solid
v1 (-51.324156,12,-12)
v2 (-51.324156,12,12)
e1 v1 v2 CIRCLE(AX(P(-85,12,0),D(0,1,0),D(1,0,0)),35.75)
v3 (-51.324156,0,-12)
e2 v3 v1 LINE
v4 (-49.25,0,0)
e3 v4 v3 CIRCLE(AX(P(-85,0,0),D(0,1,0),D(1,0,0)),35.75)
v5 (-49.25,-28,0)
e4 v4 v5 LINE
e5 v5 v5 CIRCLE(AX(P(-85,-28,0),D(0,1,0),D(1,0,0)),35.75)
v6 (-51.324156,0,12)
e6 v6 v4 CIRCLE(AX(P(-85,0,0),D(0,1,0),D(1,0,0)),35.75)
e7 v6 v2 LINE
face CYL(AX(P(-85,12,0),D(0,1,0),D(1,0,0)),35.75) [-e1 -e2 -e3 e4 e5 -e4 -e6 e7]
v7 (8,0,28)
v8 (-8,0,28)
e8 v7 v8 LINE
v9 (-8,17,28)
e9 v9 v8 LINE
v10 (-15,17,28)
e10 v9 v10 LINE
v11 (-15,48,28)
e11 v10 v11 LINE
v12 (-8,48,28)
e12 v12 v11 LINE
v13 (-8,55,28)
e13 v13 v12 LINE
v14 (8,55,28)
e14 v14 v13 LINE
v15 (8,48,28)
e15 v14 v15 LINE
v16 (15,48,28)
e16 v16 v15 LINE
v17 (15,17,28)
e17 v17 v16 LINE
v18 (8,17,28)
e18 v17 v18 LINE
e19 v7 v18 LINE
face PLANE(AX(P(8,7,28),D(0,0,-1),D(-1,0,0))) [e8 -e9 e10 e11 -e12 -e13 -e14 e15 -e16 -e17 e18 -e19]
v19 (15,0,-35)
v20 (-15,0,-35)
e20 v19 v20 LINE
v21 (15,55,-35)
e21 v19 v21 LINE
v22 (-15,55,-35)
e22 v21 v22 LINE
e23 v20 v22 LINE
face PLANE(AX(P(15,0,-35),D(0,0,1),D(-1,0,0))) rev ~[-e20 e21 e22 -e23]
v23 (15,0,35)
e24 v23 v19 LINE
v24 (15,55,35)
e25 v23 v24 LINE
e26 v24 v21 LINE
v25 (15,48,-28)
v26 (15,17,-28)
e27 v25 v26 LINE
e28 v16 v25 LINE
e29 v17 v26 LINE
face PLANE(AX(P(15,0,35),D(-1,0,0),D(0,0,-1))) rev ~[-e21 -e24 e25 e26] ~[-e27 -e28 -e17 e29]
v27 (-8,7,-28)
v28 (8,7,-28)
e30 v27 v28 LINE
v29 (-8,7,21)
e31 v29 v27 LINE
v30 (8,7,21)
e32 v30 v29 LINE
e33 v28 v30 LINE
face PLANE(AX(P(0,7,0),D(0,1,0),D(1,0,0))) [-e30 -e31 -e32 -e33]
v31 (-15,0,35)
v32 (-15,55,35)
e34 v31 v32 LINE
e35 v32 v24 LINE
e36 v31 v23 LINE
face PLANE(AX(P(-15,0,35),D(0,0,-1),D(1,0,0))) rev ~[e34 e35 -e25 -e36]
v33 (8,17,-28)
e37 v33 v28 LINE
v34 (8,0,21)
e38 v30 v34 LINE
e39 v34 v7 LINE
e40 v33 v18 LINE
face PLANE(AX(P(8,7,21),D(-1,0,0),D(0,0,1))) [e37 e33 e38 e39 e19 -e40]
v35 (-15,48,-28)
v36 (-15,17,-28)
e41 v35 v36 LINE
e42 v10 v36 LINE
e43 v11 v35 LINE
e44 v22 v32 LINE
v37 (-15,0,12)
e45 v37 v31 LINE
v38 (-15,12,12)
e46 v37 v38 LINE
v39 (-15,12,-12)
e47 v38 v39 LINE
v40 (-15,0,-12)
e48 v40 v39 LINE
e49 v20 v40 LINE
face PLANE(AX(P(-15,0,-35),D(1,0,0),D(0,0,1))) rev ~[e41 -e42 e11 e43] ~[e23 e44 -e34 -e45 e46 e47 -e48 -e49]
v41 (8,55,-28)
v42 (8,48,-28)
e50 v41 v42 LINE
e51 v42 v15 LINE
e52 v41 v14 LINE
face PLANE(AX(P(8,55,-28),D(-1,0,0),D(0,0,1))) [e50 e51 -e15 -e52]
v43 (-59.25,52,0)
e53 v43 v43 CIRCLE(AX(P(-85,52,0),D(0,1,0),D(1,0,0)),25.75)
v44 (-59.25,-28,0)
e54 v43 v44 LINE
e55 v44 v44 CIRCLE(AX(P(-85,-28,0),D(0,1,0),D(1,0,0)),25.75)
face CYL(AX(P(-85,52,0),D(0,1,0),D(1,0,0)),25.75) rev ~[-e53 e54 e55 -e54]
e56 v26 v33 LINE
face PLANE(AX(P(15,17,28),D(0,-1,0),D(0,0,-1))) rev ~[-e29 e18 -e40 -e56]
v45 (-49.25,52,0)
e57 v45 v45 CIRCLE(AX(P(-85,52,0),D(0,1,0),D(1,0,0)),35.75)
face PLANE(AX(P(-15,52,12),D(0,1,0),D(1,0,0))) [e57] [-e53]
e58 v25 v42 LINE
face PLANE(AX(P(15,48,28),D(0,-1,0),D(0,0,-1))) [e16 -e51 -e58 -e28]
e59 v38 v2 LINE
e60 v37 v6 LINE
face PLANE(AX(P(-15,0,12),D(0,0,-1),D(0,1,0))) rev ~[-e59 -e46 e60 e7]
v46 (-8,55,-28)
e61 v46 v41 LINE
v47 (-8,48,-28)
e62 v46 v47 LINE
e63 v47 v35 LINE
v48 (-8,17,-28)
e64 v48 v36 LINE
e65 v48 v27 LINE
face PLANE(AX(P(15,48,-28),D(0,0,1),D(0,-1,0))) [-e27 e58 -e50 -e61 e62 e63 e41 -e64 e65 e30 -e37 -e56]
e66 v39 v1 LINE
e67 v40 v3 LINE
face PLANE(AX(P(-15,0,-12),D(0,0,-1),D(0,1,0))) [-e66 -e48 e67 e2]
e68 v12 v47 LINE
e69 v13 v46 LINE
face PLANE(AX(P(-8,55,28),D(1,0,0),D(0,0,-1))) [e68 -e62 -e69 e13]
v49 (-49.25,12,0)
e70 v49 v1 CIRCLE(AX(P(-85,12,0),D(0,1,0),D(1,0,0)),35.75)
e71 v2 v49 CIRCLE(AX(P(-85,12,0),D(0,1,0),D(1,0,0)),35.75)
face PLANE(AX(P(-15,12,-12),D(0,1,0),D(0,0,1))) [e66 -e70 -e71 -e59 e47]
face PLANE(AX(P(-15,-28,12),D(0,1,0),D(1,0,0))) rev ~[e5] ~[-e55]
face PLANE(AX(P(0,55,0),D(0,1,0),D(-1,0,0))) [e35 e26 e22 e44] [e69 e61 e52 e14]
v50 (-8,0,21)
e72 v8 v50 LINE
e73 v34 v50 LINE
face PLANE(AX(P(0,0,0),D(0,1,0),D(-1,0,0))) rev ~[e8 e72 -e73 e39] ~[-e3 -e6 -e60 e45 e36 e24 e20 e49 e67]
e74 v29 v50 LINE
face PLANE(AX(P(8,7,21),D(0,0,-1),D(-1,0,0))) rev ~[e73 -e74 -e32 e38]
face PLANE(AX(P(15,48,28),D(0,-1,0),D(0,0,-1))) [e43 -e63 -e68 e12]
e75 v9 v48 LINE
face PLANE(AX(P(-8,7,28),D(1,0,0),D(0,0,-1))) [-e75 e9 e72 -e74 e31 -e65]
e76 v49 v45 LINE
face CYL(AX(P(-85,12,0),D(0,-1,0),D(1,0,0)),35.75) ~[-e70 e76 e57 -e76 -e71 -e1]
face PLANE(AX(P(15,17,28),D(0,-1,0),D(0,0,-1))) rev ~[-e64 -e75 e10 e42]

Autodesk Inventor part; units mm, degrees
ref_plane "YZ Plane" through (0, 0, 0) normal (1, 0, 0) x (0, 1, 0)
ref_plane "XZ Plane" through (0, 0, 0) normal (0, 1, 0) x (-1, 0, 0)
ref_plane "XY Plane" through (0, 0, 0) normal (0, 0, 1) x (1, 0, 0)
sketch "스케치1" plane through (0, 0, 0) normal (0, 1, 0) x (-1, 0, 0)
  line L0 (-8, 28) -> (8, 28)
  line L1 (8, 28) -> (8, -28)
  line L2 (8, -28) -> (-8, -28)
  line L3 (-8, -28) -> (-8, 28)
  line L4 (-8, 28) -> (8, -28) construction
  line L5 (8, 28) -> (-8, -28) construction
  line L6 (15, -35) -> (15, 35)
  line L7 (15, 35) -> (-15, 35)
  line L8 (-15, 35) -> (-15, -35)
  line L9 (-15, -35) -> (15, -35)
  point P0 (0, 0)
  dimension "d0" = 16
  dimension "d1" = 56
  dimension "d2" = 7
extrude "돌출1" add sketch "스케치1" along normal blind 55 contours L0 L1 L2 L3 | L9 L8 L7 L6
sketch "스케치2" plane through (0, 55, 0) normal (0, 1, 0) x (1, 0, 0)
  line L0 (-15, 35) -> (-15, -35) projected
  line L1 (-15, -35) -> (15, -35) projected
  line L2 (-15, -35) -> (15, -35) projected
  line L3 (15, -35) -> (15, 35) projected
  line L4 (15, 35) -> (-15, 35) projected
  line L5 (-15, 35) -> (-15, -35) projected
  line L6 (8, 28) -> (8, -28)
  line L7 (8, -28) -> (-8, -28)
  line L8 (-8, -28) -> (-8, 28)
  line L9 (-8, 28) -> (8, 28)
  point P0 (0, 0)
  dimension "d5" = 7
extrude "돌출2" cut sketch "스케치2" against normal blind 48 contours L6 L7 L8 L9
sketch "스케치3" plane through (15, 0, 35) normal (1, 0, 0) x (0, 0, -1)
  line L0 (0, 0) -> (70, 0) projected
  line L1 (70, 0) -> (70, 55) projected
  line L2 (0, 55) -> (70, 55) projected
  line L3 (0, 0) -> (0, 55) projected
  line L4 (63, 48) -> (63, 17)
  line L5 (7, 17) -> (7, 48)
  line L6 (7, 48) -> (63, 48)
  line L7 (7, 17) -> (63, 17)
  point P0 (35, 0)
  point P1 (0, 27.5)
  dimension "d8" = 7
  dimension "d10" = 17
  dimension "d11" = 7
  dimension "d12" = 7
  dimension "d13" = 31
extrude "돌출3" cut sketch "스케치3" against normal blind 40 contours L4 L7 L5 L6
sketch "스케치4" plane through (0, 7, 0) normal (0, 1, 0) x (1, 0, 0)
  line L0 (8, -28) -> (-8, -28) projected
  line L1 (-8, -28) -> (-8, 28) projected
  line L2 (8, 28) -> (8, -28) projected
  line L3 (8, -28) -> (-8, -28) projected
  line L4 (8, -21) -> (-8, -21)
  point P0 (0, 0)
  dimension "d16" = 7
extrude "돌출4" cut sketch "스케치4" against normal blind 10
sketch "스케치6" plane through (-15, 0, -35) normal (-1, 0, 0) x (0, 0, 1)
  line L0 (0, 0) -> (70, 0) projected
  line L1 (35, 0) -> (35, 55)
  line L2 (7, 55) -> (63, 55) projected
  line L3 (23, 12) -> (47, 12)
  line L4 (47, 0) -> (47, 12)
  line L5 (23, 0) -> (23, 12)
  dimension "d20" = 12
  dimension "d21" = 12
  dimension "d22" = 12
extrude "돌출5" add sketch "스케치6" along normal blind 70
sketch "스케치7" plane through (-15, 12, 12) normal (0, 1, 0) x (1, 0, 0)
  line L0 (-70, 24) -> (-70, 0) projected
  circle A0 centre (-70, 12) radius 35.75
  point P0 (15, 12)
  dimension "d25" = 71.5
extrude "돌출6" add sketch "스케치7" along normal mid plane 80
sketch "스케치8" plane through (-85, 52, 0) normal (0, 1, 0) x (1, 0, 0)
  circle A0 centre (0, 0) radius 35.75 projected
  circle A1 centre (0, 0) radius 25.75
  point P0 (85, 0)
  dimension "d28" = 10
extrude "돌출7" cut sketch "스케치8" against normal blind 80 contours A1
equation "\"TransitionRadius\" = BendRadius"
equation "\"BendRadius\" = 0.5"
properties part number "카메라 거치대"
